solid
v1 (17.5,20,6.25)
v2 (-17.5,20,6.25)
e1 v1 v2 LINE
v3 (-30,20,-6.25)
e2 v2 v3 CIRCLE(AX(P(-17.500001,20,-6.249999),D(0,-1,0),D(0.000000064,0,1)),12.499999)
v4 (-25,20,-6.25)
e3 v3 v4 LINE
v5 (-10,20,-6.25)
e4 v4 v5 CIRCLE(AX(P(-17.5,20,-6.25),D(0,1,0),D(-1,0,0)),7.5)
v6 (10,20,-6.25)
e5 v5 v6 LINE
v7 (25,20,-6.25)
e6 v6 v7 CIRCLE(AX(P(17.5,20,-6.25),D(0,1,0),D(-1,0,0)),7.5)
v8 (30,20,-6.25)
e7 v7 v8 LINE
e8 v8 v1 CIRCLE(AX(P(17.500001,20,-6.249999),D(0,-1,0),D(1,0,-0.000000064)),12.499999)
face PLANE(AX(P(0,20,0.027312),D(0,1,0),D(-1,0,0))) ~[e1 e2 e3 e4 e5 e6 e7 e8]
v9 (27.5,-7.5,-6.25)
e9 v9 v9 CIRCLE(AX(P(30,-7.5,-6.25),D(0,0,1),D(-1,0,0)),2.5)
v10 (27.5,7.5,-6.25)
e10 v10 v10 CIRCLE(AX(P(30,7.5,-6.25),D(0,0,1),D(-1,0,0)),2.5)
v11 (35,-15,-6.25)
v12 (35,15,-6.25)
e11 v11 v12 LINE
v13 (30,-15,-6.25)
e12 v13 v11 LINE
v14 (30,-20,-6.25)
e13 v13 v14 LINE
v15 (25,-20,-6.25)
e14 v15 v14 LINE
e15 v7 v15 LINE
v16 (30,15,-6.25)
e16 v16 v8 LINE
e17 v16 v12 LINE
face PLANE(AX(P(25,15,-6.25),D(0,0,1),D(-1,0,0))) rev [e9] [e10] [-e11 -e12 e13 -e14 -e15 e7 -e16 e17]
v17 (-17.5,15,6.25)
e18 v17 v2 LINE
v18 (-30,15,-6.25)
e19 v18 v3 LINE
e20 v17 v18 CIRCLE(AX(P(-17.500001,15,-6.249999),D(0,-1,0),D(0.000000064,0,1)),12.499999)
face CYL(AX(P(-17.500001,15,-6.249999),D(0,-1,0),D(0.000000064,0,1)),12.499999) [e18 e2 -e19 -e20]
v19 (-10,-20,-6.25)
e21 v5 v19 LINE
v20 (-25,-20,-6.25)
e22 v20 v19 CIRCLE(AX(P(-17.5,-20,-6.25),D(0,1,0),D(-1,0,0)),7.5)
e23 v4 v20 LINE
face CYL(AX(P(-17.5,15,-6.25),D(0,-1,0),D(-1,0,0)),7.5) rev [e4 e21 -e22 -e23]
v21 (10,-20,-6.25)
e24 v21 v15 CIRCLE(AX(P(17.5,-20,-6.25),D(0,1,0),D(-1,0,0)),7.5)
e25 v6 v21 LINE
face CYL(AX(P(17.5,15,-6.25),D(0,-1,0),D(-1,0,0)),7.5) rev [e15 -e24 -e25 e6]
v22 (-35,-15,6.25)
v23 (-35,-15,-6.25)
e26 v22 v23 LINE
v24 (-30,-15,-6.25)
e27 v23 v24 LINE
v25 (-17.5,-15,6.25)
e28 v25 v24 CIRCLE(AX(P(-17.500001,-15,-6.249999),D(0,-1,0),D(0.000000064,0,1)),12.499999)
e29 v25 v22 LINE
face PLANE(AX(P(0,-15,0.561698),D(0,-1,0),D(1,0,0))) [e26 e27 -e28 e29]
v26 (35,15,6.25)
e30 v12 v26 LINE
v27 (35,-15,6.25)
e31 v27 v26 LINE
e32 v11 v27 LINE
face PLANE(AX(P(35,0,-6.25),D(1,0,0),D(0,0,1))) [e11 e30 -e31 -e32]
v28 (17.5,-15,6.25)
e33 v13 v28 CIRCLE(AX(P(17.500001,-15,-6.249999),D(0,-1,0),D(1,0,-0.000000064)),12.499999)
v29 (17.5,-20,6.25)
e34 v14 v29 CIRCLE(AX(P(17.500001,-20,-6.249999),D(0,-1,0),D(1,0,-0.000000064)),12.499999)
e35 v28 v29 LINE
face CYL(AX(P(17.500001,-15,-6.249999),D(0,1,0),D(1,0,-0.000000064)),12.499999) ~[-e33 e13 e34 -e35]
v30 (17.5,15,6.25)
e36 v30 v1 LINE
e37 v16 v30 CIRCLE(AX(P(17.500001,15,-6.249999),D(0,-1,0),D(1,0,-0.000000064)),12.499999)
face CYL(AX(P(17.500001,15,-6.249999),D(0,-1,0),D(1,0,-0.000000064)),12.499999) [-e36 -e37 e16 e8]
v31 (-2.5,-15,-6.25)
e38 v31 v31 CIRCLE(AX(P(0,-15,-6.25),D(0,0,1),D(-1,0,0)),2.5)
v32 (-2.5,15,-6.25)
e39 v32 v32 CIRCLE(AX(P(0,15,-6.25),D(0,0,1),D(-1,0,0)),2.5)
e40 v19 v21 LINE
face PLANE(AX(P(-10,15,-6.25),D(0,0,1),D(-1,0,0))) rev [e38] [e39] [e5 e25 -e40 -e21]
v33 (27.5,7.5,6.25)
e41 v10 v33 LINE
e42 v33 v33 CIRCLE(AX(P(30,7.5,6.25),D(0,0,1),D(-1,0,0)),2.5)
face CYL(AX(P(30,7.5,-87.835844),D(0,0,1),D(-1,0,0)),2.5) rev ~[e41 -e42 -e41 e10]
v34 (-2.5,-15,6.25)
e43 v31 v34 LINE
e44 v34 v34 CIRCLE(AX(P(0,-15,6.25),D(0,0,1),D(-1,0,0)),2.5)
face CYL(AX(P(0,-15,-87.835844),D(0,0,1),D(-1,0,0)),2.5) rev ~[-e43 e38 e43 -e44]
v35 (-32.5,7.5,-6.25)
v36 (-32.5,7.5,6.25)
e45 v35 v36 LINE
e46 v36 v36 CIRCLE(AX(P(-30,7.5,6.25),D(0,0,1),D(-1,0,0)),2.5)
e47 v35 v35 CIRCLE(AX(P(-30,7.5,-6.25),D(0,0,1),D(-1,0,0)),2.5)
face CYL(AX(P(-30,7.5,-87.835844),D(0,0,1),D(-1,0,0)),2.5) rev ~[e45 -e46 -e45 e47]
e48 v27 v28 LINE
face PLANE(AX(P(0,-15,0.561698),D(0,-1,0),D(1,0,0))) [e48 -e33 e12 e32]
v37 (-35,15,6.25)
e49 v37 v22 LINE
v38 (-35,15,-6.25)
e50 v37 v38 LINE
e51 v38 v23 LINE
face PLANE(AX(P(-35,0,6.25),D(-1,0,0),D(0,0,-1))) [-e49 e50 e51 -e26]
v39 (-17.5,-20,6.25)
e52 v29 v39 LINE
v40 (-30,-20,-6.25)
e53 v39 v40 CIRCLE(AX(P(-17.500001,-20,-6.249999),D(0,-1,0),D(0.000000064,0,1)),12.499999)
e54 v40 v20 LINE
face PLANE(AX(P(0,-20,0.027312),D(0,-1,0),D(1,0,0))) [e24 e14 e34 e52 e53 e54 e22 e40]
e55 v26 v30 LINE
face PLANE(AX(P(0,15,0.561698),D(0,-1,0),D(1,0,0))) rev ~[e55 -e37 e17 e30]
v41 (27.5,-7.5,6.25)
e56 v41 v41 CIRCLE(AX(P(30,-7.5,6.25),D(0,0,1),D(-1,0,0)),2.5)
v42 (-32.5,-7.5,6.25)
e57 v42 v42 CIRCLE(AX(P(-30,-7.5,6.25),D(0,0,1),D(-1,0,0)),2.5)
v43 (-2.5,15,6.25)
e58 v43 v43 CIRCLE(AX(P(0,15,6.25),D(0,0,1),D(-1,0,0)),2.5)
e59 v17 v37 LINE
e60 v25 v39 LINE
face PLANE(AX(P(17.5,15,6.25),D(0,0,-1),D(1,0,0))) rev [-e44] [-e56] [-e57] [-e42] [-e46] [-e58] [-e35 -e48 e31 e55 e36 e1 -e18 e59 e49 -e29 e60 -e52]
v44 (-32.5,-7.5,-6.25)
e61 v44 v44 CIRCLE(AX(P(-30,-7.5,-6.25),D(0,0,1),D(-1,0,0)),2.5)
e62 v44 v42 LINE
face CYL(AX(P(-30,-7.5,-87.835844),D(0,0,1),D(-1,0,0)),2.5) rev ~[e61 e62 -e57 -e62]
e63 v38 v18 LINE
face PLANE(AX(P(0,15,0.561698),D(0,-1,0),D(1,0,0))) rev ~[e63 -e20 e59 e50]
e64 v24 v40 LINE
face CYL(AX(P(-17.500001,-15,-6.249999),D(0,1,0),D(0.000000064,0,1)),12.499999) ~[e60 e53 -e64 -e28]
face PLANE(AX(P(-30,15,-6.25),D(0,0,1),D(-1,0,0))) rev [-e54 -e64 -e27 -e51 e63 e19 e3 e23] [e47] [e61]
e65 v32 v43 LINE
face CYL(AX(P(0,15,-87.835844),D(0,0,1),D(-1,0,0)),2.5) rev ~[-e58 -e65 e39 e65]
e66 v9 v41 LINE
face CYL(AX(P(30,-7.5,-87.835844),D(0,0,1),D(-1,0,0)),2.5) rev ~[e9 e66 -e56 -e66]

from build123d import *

# Parameters (mm, degrees)
F1_DEPTH = 15
F3_DEPTH = 5
F6_D     = 5


with BuildPart() as f1:
    # F0 (on Front) → F1 (new body, symmetric)
    with BuildSketch(Plane.XZ):
        with BuildLine():
            Line((35, 6.25), (-35, 6.25))
            Line((-35, 6.25), (-35, -6.25))
            Line((-35, -6.25), (-25, -6.25))
            ThreePointArc((-25, -6.25), (-17.5, 1.25), (-10, -6.25))
            Line((-10, -6.25), (10, -6.25))
            ThreePointArc((10, -6.25), (17.5, 1.25), (25, -6.25))
            Line((25, -6.25), (35, -6.25))
            Line((35, -6.25), (35, 6.25))
        make_face()
    extrude(amount=F1_DEPTH, both=True)

    # F2 (on face) → F3 (join)
    with BuildSketch(Plane.XZ.offset(15)):
        with BuildLine():
            ThreePointArc((-17.5, 6.25), (-26.338835, 2.588835), (-30, -6.25))
            Line((-30, -6.25), (-25, -6.25))
            ThreePointArc((-25, -6.25), (-17.5, 1.25), (-10, -6.25))
            Line((-10, -6.25), (10, -6.25))
            ThreePointArc((10, -6.25), (17.5, 1.25), (25, -6.25))
            Line((25, -6.25), (30, -6.25))
            ThreePointArc((30, -6.25), (26.338835, 2.588835), (17.5, 6.25))
            Line((17.5, 6.25), (-17.5, 6.25))
        make_face()
    extrude(amount=F3_DEPTH)

    # F4: F1 across plane


with BuildPart() as f1_1:
    add(f1.part)
    add(f1.part.mirror(Plane.XZ))

    # F6 (through all)
    with Locations(Plane(origin=(0, 0, -6.25), x_dir=(1, 0, 0), z_dir=(0, 0, -1))):
        with Locations((-30, 7.5), (-30, -7.5), (0, 15), (0, -15), (30, 7.5), (30, -7.5)):
            Hole(F6_D / 2)


solid = f1_1.part
